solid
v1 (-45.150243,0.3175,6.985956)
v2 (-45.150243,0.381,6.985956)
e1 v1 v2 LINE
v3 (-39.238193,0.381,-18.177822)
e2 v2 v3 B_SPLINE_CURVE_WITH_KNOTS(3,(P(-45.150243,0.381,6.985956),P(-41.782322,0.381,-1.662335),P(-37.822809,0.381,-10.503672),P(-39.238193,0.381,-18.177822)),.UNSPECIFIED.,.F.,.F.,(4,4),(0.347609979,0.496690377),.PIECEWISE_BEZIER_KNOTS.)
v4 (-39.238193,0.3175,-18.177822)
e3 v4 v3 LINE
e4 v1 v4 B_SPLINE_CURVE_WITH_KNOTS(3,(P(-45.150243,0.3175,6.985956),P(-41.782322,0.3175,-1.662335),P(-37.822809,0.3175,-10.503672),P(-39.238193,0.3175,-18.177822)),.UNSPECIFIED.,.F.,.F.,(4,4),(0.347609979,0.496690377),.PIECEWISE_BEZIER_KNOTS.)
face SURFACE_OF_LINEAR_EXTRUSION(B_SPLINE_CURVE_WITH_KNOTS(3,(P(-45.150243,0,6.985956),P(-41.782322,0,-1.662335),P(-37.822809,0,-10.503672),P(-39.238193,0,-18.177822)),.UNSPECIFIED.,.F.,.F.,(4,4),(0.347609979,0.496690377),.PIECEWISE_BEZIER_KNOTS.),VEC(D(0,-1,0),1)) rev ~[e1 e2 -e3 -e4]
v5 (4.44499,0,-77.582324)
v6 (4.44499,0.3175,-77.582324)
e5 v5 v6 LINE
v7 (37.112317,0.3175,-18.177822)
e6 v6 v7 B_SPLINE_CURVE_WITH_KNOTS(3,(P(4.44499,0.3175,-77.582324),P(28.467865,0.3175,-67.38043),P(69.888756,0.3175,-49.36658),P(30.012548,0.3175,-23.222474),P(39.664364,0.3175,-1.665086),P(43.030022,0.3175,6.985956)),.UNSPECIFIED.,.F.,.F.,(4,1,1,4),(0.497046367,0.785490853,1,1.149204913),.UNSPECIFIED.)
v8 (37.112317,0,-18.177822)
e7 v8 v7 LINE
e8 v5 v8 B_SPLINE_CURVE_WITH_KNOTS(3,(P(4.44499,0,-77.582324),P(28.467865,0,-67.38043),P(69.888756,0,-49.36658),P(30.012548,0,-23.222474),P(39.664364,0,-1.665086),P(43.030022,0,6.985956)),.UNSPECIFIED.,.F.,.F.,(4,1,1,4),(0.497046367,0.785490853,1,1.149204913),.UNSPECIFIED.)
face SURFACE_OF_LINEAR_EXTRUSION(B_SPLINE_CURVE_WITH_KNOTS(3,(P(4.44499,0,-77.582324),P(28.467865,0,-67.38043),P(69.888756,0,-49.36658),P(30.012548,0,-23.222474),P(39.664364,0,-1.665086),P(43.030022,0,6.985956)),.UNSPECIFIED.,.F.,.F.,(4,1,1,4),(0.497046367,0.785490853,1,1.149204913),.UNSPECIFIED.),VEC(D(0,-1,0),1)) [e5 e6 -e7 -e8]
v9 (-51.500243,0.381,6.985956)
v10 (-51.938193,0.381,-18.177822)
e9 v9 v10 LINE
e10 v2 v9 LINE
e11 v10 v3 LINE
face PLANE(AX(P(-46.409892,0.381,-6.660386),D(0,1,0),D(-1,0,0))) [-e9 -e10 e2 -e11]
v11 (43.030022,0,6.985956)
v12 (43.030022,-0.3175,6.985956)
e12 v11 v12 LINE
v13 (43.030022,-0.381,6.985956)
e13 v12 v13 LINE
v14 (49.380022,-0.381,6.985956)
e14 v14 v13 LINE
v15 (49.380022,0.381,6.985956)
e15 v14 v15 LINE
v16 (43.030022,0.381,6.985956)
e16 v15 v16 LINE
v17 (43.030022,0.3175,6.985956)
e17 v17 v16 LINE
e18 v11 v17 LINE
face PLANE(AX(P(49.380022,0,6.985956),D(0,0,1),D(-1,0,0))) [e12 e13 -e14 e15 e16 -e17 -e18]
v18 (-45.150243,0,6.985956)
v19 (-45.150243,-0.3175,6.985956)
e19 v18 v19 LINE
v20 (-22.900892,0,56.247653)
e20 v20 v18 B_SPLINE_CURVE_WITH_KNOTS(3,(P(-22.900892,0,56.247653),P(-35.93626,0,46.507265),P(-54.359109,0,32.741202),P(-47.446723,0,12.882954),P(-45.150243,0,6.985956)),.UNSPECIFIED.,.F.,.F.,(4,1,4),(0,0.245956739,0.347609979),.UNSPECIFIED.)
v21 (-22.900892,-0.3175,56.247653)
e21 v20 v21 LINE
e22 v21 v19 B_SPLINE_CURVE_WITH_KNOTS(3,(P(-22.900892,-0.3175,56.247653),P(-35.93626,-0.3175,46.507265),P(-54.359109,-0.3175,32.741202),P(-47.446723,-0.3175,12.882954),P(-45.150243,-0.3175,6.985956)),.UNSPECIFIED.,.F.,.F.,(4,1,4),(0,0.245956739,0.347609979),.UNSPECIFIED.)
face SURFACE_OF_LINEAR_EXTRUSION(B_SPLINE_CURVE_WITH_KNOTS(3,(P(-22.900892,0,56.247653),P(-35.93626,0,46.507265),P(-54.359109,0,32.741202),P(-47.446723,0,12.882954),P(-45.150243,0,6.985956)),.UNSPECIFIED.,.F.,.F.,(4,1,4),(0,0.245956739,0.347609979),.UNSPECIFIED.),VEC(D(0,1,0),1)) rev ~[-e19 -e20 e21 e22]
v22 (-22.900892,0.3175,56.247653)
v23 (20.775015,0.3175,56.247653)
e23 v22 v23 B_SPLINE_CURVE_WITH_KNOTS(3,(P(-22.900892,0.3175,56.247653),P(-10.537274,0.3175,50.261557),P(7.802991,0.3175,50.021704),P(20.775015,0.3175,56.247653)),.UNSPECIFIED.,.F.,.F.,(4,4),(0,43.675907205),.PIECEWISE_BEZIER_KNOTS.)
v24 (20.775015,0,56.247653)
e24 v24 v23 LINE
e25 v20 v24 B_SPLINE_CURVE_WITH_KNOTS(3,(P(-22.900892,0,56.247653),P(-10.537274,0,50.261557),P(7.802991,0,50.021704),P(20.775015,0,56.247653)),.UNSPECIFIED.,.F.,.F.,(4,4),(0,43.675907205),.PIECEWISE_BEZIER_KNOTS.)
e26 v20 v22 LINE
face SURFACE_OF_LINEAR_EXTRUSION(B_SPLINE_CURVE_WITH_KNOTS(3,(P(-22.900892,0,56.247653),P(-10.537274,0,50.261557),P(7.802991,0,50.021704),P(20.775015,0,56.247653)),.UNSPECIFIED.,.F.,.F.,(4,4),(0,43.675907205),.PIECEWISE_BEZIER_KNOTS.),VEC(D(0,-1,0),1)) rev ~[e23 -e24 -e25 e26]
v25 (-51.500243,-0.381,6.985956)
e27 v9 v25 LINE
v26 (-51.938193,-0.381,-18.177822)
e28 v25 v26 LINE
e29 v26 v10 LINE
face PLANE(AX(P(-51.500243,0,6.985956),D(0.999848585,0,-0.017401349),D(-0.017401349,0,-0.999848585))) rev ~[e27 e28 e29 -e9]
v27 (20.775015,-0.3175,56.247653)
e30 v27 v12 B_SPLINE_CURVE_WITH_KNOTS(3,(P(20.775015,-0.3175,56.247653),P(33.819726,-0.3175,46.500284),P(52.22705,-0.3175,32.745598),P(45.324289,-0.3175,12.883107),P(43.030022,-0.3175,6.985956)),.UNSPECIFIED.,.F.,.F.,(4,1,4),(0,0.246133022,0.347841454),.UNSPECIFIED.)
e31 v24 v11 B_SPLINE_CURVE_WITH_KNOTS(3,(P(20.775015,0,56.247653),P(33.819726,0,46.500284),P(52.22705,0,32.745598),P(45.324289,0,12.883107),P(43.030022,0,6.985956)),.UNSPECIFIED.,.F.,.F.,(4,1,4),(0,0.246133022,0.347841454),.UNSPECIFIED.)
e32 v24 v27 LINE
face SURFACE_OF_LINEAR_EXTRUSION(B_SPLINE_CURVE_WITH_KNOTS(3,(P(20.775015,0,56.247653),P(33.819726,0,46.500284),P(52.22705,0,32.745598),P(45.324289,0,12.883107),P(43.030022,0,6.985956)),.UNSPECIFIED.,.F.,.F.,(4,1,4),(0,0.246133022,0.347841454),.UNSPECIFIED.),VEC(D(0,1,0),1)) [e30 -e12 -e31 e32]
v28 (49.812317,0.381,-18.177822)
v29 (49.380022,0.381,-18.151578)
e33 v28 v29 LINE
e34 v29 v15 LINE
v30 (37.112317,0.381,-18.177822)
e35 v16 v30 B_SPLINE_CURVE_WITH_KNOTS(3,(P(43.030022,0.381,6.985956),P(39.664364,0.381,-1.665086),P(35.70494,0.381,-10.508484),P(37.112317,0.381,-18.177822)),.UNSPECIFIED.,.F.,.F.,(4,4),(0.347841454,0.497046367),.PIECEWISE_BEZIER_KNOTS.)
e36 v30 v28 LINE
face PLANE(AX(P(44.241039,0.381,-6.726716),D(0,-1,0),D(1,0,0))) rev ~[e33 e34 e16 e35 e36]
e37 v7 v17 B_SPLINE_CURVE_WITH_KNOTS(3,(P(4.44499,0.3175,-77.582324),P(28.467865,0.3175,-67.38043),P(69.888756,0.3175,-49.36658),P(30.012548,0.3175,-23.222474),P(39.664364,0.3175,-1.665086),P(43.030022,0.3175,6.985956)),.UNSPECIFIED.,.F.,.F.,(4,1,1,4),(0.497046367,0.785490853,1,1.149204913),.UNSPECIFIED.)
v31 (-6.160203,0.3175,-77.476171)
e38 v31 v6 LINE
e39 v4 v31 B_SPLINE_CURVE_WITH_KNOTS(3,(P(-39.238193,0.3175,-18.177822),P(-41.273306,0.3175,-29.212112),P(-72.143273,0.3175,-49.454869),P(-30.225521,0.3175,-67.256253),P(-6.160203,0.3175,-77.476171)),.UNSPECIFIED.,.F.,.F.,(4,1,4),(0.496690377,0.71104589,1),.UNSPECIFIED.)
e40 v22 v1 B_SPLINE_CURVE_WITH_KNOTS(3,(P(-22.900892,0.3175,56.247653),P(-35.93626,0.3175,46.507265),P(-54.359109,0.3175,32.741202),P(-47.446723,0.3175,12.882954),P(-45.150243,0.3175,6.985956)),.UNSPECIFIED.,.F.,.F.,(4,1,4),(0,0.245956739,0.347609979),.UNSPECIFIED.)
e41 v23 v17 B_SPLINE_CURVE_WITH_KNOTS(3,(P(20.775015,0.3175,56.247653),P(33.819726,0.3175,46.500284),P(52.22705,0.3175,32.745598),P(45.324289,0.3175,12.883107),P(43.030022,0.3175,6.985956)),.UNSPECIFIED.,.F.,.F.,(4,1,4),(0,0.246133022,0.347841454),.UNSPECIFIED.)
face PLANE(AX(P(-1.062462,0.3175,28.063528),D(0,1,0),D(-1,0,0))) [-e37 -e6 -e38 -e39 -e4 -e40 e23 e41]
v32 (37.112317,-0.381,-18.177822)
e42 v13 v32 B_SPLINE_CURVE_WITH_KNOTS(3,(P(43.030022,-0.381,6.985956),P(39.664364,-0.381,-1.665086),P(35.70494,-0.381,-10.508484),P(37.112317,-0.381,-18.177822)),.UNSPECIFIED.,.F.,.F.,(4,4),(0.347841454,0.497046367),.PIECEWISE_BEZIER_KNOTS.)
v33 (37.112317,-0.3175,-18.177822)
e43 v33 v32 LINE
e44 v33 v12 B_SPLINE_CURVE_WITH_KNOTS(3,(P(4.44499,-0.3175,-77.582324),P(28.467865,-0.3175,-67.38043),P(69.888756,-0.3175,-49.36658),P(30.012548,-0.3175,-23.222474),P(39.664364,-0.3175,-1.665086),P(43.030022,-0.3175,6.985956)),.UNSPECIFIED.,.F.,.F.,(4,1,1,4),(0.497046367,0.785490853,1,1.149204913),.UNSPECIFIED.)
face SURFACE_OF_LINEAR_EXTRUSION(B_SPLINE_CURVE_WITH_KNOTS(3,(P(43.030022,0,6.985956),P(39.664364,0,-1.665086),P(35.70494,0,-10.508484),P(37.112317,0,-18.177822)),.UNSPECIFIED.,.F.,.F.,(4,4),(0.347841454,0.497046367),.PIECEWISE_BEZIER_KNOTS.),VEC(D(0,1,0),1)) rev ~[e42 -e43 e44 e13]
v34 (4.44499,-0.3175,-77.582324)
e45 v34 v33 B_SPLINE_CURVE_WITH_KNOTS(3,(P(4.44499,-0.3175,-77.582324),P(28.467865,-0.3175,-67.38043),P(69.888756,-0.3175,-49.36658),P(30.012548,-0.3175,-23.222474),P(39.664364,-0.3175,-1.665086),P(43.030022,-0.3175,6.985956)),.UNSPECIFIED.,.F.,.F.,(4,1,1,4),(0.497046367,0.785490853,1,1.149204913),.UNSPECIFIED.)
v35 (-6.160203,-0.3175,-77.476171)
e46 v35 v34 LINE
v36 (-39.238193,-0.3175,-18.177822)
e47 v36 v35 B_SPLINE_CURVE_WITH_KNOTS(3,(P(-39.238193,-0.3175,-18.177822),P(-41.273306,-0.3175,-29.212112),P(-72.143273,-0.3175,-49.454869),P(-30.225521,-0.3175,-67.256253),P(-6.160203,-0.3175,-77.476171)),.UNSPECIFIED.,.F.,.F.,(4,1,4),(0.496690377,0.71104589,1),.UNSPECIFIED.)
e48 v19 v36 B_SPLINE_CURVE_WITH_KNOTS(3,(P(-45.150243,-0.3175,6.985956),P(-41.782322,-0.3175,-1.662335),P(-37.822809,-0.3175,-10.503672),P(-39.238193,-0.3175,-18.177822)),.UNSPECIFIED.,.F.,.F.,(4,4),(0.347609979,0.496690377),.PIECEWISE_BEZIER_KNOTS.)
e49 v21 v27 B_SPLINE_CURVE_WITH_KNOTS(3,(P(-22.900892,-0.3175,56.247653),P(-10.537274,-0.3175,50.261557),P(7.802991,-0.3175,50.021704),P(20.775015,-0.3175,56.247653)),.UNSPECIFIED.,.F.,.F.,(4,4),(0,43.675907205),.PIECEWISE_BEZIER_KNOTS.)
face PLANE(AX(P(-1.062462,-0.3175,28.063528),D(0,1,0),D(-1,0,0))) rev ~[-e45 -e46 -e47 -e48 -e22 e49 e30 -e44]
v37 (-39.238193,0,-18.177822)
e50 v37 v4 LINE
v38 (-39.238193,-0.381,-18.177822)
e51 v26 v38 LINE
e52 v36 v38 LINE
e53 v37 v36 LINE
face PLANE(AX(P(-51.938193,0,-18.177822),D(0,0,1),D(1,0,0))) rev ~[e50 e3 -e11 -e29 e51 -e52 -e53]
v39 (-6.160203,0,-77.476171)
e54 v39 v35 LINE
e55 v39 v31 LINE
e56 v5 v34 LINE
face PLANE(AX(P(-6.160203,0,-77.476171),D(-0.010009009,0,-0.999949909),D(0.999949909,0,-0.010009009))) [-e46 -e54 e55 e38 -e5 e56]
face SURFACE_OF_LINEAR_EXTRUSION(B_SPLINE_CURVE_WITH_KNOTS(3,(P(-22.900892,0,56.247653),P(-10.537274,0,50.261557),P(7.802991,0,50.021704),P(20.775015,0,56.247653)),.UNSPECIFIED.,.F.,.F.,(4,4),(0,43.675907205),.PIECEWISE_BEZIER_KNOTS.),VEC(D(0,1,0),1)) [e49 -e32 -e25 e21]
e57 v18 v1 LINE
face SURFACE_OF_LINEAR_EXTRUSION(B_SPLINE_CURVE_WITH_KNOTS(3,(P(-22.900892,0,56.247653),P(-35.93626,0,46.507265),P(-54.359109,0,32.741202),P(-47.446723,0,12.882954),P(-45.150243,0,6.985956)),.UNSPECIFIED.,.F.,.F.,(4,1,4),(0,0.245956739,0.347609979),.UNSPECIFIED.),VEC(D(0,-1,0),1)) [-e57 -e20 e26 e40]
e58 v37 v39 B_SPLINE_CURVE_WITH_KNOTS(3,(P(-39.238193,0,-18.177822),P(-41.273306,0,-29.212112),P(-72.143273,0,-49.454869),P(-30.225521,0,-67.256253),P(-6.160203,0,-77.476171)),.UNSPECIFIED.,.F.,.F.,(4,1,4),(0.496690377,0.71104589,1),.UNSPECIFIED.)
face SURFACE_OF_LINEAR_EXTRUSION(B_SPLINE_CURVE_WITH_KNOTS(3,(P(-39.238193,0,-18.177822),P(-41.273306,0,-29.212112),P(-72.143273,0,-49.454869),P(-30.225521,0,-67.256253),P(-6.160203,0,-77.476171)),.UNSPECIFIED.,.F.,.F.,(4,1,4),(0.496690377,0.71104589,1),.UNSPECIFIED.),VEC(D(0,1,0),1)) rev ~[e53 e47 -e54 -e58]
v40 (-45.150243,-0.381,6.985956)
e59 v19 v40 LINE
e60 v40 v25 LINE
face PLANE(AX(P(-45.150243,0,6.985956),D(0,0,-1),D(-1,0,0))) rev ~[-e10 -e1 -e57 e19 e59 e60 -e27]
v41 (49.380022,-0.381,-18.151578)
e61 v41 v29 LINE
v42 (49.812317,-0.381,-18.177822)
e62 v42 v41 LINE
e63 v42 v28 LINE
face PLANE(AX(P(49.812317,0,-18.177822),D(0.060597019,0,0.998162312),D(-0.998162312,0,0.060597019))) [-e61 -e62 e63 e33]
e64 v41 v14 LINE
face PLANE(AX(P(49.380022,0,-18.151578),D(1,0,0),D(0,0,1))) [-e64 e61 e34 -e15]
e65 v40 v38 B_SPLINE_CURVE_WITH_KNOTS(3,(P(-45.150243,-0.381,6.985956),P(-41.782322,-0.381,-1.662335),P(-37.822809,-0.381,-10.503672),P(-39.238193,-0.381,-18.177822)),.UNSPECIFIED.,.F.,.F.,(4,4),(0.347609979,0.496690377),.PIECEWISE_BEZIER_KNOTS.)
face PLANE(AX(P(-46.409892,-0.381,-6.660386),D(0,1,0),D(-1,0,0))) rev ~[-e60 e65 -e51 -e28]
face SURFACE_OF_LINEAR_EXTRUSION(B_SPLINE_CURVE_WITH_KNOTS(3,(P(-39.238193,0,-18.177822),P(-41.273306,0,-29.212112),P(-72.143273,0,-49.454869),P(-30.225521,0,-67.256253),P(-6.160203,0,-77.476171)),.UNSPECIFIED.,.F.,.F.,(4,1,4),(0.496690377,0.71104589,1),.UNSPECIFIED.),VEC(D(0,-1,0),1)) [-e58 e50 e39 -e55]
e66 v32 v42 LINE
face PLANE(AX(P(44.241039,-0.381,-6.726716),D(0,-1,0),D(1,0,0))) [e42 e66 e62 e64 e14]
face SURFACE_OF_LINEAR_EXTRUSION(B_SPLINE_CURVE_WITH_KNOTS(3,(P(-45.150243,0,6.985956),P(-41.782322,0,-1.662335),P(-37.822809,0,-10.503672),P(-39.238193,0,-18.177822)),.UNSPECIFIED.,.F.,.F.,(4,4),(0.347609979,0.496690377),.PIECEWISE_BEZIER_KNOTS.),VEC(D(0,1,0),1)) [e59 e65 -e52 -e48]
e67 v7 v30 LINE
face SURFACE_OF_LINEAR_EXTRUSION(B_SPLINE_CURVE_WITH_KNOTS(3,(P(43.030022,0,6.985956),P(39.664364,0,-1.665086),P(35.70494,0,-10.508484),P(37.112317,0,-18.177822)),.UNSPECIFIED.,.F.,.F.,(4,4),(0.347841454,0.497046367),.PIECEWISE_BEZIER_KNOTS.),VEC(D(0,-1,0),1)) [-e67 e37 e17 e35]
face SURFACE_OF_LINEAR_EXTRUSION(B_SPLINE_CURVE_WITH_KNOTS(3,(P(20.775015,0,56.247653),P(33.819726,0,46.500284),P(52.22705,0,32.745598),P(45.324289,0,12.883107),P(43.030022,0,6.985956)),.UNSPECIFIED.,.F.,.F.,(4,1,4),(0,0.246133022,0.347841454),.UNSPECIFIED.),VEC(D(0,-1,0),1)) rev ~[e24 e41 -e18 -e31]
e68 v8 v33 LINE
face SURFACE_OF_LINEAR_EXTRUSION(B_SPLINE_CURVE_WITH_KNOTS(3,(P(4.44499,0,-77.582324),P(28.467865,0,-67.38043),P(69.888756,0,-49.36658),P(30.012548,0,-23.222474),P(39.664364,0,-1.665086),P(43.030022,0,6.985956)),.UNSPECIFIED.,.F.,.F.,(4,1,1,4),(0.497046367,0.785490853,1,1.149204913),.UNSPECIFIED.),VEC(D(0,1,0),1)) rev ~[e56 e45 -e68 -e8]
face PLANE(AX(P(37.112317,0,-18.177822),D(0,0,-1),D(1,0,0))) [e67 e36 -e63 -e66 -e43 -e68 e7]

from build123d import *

# Parameters (mm, degrees)
F1_DEPTH = 0.3175
F2_DEPTH = 0.381


with BuildPart() as f1:
    # F0 (on Front) → F1 (new body, symmetric)
    with BuildSketch(Plane.XZ):
        with BuildLine():
            add(Edge.make_bspline(
                [(-22.9008918932, 56.2476531154), (-10.537274087, 50.2615567322), (7.8029912938, 50.0217043714), (20.7750153121, 56.2476531154)],
                knots=[0, 0, 0, 0, 43.6759072053, 43.6759072053, 43.6759072053, 43.6759072053], degree=3))
            add(Edge.make_bspline(
                [(-22.9008918932, 56.2476531154), (-35.9362598444, 46.5072653375), (-54.3591093121, 32.7412022341), (-47.4467227812, 12.8829538034), (-45.1502431526, 6.9859560012)],
                knots=[0, 0, 0, 0, 0.2459567395, 0.3476099795, 0.3476099795, 0.3476099795, 0.3476099795], degree=3))
            Line((-45.1502431526, 6.9859560012), (43.03002249, 6.9859560012))
            add(Edge.make_bspline(
                [(20.7750153121, 56.2476531154), (33.8197260221, 46.5002841694), (52.227050448, 32.745598424), (45.3242890236, 12.8831073765), (43.03002249, 6.9859560012)],
                knots=[0, 0, 0, 0, 0.2461330225, 0.3478414541, 0.3478414541, 0.3478414541, 0.3478414541], degree=3))
        make_face()
        with BuildLine():
            Line((43.03002249, 6.9859560012), (-45.1502431526, 6.9859560012))
            add(Edge.make_bspline(
                [(-45.1502431526, 6.9859560012), (-41.7823220091, -1.662334771), (-37.8228089863, -10.503671565), (-39.238193137, -18.1778215221)],
                knots=[0.3476099795, 0.3476099795, 0.3476099795, 0.3476099795, 0.4966903773, 0.4966903773, 0.4966903773, 0.4966903773], degree=3))
            Line((-39.238193137, -18.1778215221), (37.112316556, -18.1778215221))
            add(Edge.make_bspline(
                [(43.03002249, 6.9859560012), (39.6643640728, -1.6650864446), (35.7049395508, -10.5084842385), (37.112316556, -18.1778215221)],
                knots=[0.3478414541, 0.3478414541, 0.3478414541, 0.3478414541, 0.4970463671, 0.4970463671, 0.4970463671, 0.4970463671], degree=3))
        make_face()
        with BuildLine():
            Line((37.112316556, -18.1778215221), (-39.238193137, -18.1778215221))
            add(Edge.make_bspline(
                [(-39.238193137, -18.1778215221), (-41.2733057361, -29.2121115814), (-72.1432725438, -49.4548691202), (-30.225521453, -67.2562529331), (-6.160202813, -77.476170809)],
                knots=[0.4966903773, 0.4966903773, 0.4966903773, 0.4966903773, 0.7110458904, 1, 1, 1, 1], degree=3))
            Line((-6.160202813, -77.476170809), (4.4449903752, -77.5823235995))
            add(Edge.make_bspline(
                [(37.112316556, -18.1778215221), (39.135676473, -29.2038860323), (69.8887560982, -49.3665798991), (28.4678654147, -67.380430422), (4.4449903752, -77.5823235995)],
                knots=[0.4970463671, 0.4970463671, 0.4970463671, 0.4970463671, 0.7115555139, 1, 1, 1, 1], degree=3))
        make_face()
    extrude(amount=F1_DEPTH, both=True)

    # F0 (on Front) → F2 (join, symmetric)
    with BuildSketch(Plane.XZ):
        with BuildLine():
            add(Edge.make_bspline(
                [(-45.1502431526, 6.9859560012), (-41.7823220091, -1.662334771), (-37.8228089863, -10.503671565), (-39.238193137, -18.1778215221)],
                knots=[0.3476099795, 0.3476099795, 0.3476099795, 0.3476099795, 0.4966903773, 0.4966903773, 0.4966903773, 0.4966903773], degree=3))
            Line((-45.1502431526, 6.9859560012), (-51.5002431526, 6.9859560012))
            Line((-51.5002431526, 6.9859560012), (-51.938193137, -18.1778215221))
            Line((-51.938193137, -18.1778215221), (-39.238193137, -18.1778215221))
        make_face()
        with BuildLine():
            Line((49.38002249, 6.9859560012), (43.03002249, 6.9859560012))
            add(Edge.make_bspline(
                [(43.03002249, 6.9859560012), (39.6643640728, -1.6650864446), (35.7049395508, -10.5084842385), (37.112316556, -18.1778215221)],
                knots=[0.3478414541, 0.3478414541, 0.3478414541, 0.3478414541, 0.4970463671, 0.4970463671, 0.4970463671, 0.4970463671], degree=3))
            Line((37.112316556, -18.1778215221), (49.812316556, -18.1778215221))
            Line((49.812316556, -18.1778215221), (49.38002249, -18.1515775621))
            Line((49.38002249, -18.1515775621), (49.38002249, 6.9859560012))
        make_face()
    extrude(amount=F2_DEPTH, both=True)


solid = f1.part
